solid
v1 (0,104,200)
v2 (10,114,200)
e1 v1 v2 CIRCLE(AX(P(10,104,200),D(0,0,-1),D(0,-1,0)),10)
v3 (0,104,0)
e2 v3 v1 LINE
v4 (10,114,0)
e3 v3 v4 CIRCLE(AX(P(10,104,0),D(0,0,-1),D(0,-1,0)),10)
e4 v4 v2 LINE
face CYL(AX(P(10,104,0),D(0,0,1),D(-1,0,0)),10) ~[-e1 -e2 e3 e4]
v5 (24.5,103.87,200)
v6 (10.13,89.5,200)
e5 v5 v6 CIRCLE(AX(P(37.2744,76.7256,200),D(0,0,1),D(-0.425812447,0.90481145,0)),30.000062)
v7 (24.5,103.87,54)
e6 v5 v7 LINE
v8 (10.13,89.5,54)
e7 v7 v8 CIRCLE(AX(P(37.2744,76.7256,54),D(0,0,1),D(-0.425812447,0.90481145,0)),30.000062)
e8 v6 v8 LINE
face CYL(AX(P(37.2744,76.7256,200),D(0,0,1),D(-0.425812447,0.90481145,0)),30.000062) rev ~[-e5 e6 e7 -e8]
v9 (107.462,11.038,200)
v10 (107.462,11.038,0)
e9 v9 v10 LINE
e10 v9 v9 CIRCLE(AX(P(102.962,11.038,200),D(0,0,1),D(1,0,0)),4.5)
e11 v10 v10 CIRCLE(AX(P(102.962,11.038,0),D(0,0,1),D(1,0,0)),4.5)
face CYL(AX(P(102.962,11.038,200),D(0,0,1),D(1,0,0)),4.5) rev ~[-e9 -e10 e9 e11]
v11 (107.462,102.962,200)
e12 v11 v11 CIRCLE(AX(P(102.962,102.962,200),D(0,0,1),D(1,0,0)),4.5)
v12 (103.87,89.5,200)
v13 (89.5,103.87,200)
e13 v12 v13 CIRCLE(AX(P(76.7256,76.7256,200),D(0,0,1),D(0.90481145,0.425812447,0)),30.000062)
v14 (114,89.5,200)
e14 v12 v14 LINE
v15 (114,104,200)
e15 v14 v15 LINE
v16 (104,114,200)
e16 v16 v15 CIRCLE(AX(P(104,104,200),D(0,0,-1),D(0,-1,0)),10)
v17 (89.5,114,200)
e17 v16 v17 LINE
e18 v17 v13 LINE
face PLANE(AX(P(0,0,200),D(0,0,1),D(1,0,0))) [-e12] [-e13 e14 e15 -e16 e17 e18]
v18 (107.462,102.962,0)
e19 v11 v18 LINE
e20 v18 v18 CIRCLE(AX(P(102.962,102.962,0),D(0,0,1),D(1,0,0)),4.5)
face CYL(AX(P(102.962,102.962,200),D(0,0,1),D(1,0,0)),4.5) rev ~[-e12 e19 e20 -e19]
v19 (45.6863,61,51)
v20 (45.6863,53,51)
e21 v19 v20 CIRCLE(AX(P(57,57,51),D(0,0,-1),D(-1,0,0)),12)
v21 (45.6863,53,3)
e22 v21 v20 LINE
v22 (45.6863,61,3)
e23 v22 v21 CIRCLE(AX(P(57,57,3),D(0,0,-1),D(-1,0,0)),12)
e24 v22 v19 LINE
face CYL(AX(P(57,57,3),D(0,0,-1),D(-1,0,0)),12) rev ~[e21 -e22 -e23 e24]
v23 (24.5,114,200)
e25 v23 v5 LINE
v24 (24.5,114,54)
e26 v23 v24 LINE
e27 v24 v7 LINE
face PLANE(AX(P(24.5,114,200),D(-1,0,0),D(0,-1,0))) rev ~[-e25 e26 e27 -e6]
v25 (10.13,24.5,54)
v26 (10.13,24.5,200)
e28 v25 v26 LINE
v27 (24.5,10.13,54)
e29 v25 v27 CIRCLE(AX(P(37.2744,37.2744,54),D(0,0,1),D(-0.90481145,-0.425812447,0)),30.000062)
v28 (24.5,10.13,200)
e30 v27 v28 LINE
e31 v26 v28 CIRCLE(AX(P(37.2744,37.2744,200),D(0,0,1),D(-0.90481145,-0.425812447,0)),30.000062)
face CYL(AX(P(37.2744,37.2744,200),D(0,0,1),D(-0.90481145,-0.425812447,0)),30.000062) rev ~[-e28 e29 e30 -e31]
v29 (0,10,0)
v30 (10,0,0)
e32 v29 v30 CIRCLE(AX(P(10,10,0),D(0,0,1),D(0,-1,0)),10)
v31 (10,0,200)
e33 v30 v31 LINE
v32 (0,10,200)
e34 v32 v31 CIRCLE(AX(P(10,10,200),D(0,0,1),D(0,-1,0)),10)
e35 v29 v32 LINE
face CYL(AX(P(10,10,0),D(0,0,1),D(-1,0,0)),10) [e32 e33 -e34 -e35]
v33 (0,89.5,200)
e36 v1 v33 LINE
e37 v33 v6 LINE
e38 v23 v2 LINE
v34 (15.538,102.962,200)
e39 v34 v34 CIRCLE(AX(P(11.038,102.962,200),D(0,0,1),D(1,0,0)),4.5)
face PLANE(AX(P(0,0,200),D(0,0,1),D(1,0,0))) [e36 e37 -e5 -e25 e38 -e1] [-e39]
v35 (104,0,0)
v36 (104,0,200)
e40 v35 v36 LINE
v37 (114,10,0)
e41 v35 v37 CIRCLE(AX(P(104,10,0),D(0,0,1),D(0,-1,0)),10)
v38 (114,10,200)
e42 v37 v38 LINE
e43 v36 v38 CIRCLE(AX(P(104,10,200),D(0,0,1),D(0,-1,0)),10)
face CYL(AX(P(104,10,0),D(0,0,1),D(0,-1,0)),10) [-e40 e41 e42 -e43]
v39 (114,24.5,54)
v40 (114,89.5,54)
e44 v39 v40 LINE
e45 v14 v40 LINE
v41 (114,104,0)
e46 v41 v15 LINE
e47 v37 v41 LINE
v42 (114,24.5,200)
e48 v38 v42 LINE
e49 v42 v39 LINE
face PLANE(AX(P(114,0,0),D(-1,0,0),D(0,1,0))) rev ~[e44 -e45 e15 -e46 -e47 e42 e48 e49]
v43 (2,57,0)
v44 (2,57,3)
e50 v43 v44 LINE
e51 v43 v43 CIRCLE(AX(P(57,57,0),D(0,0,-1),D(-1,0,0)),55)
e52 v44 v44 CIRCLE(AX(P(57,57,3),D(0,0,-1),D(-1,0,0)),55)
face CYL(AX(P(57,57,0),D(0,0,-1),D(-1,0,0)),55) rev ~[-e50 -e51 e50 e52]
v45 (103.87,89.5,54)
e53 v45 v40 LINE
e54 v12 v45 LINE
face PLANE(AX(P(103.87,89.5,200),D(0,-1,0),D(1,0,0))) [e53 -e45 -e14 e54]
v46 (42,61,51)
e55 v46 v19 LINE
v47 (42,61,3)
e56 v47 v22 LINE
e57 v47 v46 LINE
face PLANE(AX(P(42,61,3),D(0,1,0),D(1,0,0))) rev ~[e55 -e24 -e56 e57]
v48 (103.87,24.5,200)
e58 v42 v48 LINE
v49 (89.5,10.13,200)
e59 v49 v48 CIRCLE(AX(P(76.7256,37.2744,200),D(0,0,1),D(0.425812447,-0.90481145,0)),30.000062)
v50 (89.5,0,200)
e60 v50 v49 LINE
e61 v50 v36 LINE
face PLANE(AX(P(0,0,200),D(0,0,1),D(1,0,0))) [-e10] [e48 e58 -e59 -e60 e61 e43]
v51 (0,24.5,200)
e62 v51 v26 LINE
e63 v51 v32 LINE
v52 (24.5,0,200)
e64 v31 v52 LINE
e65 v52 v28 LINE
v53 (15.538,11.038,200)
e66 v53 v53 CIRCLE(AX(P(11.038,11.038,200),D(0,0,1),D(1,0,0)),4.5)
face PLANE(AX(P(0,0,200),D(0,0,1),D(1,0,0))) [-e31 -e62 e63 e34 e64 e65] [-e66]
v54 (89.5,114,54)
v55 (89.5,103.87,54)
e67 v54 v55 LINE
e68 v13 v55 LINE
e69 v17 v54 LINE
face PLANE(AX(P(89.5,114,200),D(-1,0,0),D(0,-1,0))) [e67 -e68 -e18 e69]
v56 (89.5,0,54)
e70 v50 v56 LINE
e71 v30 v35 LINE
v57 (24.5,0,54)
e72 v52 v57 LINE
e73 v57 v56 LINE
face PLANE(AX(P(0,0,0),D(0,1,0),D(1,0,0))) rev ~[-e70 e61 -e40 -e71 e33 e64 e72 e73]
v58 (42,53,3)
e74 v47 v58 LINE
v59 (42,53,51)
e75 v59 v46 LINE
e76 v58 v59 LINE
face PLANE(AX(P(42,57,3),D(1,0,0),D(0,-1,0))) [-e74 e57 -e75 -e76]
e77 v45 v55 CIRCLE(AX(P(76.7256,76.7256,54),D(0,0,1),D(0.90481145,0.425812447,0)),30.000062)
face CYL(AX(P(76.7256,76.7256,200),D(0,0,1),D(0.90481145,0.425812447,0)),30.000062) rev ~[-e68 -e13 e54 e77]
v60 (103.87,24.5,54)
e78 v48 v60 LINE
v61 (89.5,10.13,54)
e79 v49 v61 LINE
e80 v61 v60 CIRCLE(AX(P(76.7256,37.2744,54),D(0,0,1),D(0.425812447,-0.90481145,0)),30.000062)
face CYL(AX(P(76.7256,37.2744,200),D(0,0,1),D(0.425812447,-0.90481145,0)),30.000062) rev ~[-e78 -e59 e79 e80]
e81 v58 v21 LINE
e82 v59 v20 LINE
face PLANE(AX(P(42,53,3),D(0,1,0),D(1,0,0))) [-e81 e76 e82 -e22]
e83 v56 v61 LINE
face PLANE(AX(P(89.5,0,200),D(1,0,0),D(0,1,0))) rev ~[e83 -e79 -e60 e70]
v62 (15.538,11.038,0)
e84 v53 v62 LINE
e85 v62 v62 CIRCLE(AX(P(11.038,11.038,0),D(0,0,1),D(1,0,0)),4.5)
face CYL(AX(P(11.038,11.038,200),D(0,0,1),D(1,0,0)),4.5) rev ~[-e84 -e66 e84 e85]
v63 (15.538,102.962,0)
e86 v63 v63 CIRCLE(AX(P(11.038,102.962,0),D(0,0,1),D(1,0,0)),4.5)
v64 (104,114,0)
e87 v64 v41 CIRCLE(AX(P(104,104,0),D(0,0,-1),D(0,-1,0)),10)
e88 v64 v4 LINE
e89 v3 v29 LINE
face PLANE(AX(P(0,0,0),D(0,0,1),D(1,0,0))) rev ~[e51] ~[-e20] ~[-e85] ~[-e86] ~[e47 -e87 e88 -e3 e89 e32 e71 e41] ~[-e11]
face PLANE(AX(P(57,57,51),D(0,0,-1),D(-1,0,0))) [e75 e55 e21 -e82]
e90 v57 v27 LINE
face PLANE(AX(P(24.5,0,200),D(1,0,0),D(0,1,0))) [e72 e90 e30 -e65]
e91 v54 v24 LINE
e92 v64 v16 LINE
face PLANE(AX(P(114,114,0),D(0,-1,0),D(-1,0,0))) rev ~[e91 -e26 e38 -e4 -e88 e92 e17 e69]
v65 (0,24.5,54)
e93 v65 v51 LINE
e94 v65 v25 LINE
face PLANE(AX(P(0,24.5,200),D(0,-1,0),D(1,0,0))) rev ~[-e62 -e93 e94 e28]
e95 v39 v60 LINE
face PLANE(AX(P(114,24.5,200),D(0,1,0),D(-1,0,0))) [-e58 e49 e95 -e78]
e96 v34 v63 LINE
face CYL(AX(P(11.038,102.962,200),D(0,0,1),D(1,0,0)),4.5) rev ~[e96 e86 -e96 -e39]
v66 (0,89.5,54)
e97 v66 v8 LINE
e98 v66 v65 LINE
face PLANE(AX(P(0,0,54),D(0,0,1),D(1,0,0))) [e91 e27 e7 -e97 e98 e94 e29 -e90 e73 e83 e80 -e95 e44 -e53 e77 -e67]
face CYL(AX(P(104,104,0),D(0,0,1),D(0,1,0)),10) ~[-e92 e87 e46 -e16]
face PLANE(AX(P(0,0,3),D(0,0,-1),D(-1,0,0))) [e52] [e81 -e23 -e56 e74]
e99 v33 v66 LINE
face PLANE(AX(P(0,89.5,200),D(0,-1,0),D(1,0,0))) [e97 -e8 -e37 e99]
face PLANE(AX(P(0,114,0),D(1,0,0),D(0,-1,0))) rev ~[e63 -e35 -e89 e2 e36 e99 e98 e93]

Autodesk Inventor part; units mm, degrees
ref_plane "YZ Plane" through (0, 0, 0) normal (1, 0, 0) x (0, 1, 0)
ref_plane "XZ Plane" through (0, 0, 0) normal (0, 1, 0) x (-1, 0, 0)
ref_plane "XY Plane" through (0, 0, 0) normal (0, 0, 1) x (1, 0, 0)
sketch "Sketch1" plane through (0, 0, 0) normal (0, 0, 1) x (1, 0, 0)
  line L0 (0, 0) -> (114, 0)
  line L1 (114, 0) -> (114, 114)
  line L2 (114, 114) -> (0, 114)
  line L3 (0, 114) -> (0, 0)
  dimension "d0" = 114
  dimension "d1" = 114
extrude "Extrusion1" add sketch "Sketch1" along normal blind 200
fillet "Fillet1" radius 10 1 edges at (0, 114, 100)
fillet "Fillet2" radius 10 3 edges at (114, 114, 100) (114, 0, 100) (0, 0, 100)
sketch "Sketch3" plane through (0, 0, 200) normal (0, 0, 1) x (1, 0, 0)
  circle A0 centre (11.038, 11.038) radius 4.5
  line L0 (10, 0) -> (104, 0) projected
  line L1 (0, 104) -> (0, 10) projected
  circle A1 centre (11.038, 102.962) radius 4.5
  circle A2 centre (102.962, 102.962) radius 4.5
  circle A3 centre (102.962, 11.038) radius 4.5
  line L2 (104, 114) -> (10, 114) projected
  line L3 (114, 10) -> (114, 104) projected
  point P0 (0, 0)
  dimension "d11" = 9
  dimension "d12" = 11.038
  dimension "d13" = 11.038
  dimension "d14" = 9
  dimension "d15" = 9
  dimension "d16" = 9
  dimension "d17" = 11.038
  dimension "d18" = 11.038
  dimension "d19" = 11.038
  dimension "d20" = 11.038
  dimension "d21" = 11.038
  dimension "d22" = 11.038
extrude "Extrusion3" cut sketch "Sketch3" against normal blind 500
sketch "Sketch6" plane through (0, 0, 200) normal (0, 0, 1) x (1, 0, 0)
  arc A0 (0, 10) -> (10, 0) centre (10, 10) ccw projected
  line L0 (0, 10) -> (0, 24.5)
  line L1 (0, 104) -> (0, 10) projected
  line L2 (0, 24.5) -> (10.13, 24.5)
  line L3 (10, 0) -> (24.5, 0)
  line L4 (10, 0) -> (104, 0) projected
  line L5 (24.5, 0) -> (24.5, 10.13)
  arc A1 (10.13, 24.5) -> (24.5, 10.13) centre (37.2744, 37.2744) ccw
  arc A2 (10, 114) -> (0, 104) centre (10, 104) ccw projected
  line L6 (10, 114) -> (24.5, 114)
  line L7 (104, 114) -> (10, 114) projected
  line L8 (24.5, 114) -> (24.5, 103.87)
  line L9 (0, 104) -> (0, 89.5)
  line L10 (0, 89.5) -> (10.13, 89.5)
  arc A3 (24.5, 103.87) -> (10.13, 89.5) centre (37.2744, 76.7256) ccw
  line L11 (104, 114) -> (89.5, 114)
  line L12 (89.5, 114) -> (89.5, 103.87)
  line L13 (114, 10) -> (114, 104) projected
  line L14 (114, 104) -> (114, 89.5)
  line L15 (114, 89.5) -> (114, 99.63)
  arc A4 (103.87, 89.5) -> (89.5, 103.87) centre (76.7256, 76.7256) ccw
  line L16 (103.87, 89.5) -> (114, 89.5)
  line L17 (114, 10) -> (114, 24.5)
  line L18 (114, 24.5) -> (103.87, 24.5)
  line L19 (104, 0) -> (89.5, 0)
  line L20 (89.5, 0) -> (89.5, 10.13)
  arc A5 (89.5, 10.13) -> (103.87, 24.5) centre (76.7256, 37.2744) ccw
  point P0 (0, 0)
  dimension "d30" = 14.5
  dimension "d31" = 10.13
  dimension "d32" = 14.5
  dimension "d33" = 10.13
  dimension "d34" = 30
  dimension "d35" = 14.5
  dimension "d36" = 10.13
  dimension "d37" = 14.5
  dimension "d38" = 10.13
  dimension "d39" = 30
  dimension "d40" = 14.5
  dimension "d41" = 10.13
  dimension "d42" = 14.5
  dimension "d44" = 30
  dimension "d45" = 10.13
  dimension "d46" = 14.5
  dimension "d47" = 10.13
  dimension "d48" = 14.5
  dimension "d49" = 10.13
  dimension "d50" = 30
extrude "Extrusion5" cut sketch "Sketch6" against normal blind 146 and the other way blind 73 contours L1 L10 A3 L8 L7 L12 A4 L16 L13 L18 A5 L20 L4 L5 A1 L2
sketch "Sketch7" plane through (0, 0, 0) normal (0, 0, -1) x (-1, 0, 0)
  line L0 (0, 104) -> (0, 10) projected
  line L1 (-10, 0) -> (-104, 0) projected
  circle A0 centre (-57, 57) radius 55
  point P0 (0, 0)
  dimension "d58" = 110
extrude "Extrusion6" cut sketch "Sketch7" against normal blind 3
sketch "Sketch9" plane through (57, 57, 3) normal (0, 0, -1) x (-1, 0, 0)
  circle A0 centre (0, 0) radius 12
  line L0 (47, -57) -> (-47, -57) projected
  line L1 (57, 47) -> (57, -47) projected
  point P0 (57, -57)
  point P1 (0, -57)
  dimension "d66" = 24
  dimension "d68" = 57
  dimension "d69" = 57
extrude "Extrusion8" cut sketch "Sketch9" against normal blind 48
sketch "Sketch10" plane through (57, 57, 3) normal (0, 0, -1) x (-1, 0, 0)
  circle A0 centre (0, 0) radius 12 projected
  line L0 (12, 0) -> (15, 0)
  line L1 (15, 4) -> (15, -4)
  line L2 (15, 4) -> (11.3137, 4)
  line L3 (15, -4) -> (11.3137, -4)
  point P0 (57, -57)
  dimension "d72" = 15
  dimension "d73" = 8
  dimension "d74" = 4
  dimension "d75" = 57
  dimension "d76" = 42
extrude "Extrusion9" cut sketch "Sketch10" against normal blind 48 contours L0 L1 L3 A0 | A0 L2 L1 L0
equation "\"d13\" = d12"
equation "\"d17\" = d12"
equation "\"d18\" = d13"
equation "\"d19\" = d18"
equation "\"d20\" = d18"
equation "\"d21\" = d19"
equation "\"d22\" = d21"
equation "\"d33\" = d31"
properties part number "BackPlate"
